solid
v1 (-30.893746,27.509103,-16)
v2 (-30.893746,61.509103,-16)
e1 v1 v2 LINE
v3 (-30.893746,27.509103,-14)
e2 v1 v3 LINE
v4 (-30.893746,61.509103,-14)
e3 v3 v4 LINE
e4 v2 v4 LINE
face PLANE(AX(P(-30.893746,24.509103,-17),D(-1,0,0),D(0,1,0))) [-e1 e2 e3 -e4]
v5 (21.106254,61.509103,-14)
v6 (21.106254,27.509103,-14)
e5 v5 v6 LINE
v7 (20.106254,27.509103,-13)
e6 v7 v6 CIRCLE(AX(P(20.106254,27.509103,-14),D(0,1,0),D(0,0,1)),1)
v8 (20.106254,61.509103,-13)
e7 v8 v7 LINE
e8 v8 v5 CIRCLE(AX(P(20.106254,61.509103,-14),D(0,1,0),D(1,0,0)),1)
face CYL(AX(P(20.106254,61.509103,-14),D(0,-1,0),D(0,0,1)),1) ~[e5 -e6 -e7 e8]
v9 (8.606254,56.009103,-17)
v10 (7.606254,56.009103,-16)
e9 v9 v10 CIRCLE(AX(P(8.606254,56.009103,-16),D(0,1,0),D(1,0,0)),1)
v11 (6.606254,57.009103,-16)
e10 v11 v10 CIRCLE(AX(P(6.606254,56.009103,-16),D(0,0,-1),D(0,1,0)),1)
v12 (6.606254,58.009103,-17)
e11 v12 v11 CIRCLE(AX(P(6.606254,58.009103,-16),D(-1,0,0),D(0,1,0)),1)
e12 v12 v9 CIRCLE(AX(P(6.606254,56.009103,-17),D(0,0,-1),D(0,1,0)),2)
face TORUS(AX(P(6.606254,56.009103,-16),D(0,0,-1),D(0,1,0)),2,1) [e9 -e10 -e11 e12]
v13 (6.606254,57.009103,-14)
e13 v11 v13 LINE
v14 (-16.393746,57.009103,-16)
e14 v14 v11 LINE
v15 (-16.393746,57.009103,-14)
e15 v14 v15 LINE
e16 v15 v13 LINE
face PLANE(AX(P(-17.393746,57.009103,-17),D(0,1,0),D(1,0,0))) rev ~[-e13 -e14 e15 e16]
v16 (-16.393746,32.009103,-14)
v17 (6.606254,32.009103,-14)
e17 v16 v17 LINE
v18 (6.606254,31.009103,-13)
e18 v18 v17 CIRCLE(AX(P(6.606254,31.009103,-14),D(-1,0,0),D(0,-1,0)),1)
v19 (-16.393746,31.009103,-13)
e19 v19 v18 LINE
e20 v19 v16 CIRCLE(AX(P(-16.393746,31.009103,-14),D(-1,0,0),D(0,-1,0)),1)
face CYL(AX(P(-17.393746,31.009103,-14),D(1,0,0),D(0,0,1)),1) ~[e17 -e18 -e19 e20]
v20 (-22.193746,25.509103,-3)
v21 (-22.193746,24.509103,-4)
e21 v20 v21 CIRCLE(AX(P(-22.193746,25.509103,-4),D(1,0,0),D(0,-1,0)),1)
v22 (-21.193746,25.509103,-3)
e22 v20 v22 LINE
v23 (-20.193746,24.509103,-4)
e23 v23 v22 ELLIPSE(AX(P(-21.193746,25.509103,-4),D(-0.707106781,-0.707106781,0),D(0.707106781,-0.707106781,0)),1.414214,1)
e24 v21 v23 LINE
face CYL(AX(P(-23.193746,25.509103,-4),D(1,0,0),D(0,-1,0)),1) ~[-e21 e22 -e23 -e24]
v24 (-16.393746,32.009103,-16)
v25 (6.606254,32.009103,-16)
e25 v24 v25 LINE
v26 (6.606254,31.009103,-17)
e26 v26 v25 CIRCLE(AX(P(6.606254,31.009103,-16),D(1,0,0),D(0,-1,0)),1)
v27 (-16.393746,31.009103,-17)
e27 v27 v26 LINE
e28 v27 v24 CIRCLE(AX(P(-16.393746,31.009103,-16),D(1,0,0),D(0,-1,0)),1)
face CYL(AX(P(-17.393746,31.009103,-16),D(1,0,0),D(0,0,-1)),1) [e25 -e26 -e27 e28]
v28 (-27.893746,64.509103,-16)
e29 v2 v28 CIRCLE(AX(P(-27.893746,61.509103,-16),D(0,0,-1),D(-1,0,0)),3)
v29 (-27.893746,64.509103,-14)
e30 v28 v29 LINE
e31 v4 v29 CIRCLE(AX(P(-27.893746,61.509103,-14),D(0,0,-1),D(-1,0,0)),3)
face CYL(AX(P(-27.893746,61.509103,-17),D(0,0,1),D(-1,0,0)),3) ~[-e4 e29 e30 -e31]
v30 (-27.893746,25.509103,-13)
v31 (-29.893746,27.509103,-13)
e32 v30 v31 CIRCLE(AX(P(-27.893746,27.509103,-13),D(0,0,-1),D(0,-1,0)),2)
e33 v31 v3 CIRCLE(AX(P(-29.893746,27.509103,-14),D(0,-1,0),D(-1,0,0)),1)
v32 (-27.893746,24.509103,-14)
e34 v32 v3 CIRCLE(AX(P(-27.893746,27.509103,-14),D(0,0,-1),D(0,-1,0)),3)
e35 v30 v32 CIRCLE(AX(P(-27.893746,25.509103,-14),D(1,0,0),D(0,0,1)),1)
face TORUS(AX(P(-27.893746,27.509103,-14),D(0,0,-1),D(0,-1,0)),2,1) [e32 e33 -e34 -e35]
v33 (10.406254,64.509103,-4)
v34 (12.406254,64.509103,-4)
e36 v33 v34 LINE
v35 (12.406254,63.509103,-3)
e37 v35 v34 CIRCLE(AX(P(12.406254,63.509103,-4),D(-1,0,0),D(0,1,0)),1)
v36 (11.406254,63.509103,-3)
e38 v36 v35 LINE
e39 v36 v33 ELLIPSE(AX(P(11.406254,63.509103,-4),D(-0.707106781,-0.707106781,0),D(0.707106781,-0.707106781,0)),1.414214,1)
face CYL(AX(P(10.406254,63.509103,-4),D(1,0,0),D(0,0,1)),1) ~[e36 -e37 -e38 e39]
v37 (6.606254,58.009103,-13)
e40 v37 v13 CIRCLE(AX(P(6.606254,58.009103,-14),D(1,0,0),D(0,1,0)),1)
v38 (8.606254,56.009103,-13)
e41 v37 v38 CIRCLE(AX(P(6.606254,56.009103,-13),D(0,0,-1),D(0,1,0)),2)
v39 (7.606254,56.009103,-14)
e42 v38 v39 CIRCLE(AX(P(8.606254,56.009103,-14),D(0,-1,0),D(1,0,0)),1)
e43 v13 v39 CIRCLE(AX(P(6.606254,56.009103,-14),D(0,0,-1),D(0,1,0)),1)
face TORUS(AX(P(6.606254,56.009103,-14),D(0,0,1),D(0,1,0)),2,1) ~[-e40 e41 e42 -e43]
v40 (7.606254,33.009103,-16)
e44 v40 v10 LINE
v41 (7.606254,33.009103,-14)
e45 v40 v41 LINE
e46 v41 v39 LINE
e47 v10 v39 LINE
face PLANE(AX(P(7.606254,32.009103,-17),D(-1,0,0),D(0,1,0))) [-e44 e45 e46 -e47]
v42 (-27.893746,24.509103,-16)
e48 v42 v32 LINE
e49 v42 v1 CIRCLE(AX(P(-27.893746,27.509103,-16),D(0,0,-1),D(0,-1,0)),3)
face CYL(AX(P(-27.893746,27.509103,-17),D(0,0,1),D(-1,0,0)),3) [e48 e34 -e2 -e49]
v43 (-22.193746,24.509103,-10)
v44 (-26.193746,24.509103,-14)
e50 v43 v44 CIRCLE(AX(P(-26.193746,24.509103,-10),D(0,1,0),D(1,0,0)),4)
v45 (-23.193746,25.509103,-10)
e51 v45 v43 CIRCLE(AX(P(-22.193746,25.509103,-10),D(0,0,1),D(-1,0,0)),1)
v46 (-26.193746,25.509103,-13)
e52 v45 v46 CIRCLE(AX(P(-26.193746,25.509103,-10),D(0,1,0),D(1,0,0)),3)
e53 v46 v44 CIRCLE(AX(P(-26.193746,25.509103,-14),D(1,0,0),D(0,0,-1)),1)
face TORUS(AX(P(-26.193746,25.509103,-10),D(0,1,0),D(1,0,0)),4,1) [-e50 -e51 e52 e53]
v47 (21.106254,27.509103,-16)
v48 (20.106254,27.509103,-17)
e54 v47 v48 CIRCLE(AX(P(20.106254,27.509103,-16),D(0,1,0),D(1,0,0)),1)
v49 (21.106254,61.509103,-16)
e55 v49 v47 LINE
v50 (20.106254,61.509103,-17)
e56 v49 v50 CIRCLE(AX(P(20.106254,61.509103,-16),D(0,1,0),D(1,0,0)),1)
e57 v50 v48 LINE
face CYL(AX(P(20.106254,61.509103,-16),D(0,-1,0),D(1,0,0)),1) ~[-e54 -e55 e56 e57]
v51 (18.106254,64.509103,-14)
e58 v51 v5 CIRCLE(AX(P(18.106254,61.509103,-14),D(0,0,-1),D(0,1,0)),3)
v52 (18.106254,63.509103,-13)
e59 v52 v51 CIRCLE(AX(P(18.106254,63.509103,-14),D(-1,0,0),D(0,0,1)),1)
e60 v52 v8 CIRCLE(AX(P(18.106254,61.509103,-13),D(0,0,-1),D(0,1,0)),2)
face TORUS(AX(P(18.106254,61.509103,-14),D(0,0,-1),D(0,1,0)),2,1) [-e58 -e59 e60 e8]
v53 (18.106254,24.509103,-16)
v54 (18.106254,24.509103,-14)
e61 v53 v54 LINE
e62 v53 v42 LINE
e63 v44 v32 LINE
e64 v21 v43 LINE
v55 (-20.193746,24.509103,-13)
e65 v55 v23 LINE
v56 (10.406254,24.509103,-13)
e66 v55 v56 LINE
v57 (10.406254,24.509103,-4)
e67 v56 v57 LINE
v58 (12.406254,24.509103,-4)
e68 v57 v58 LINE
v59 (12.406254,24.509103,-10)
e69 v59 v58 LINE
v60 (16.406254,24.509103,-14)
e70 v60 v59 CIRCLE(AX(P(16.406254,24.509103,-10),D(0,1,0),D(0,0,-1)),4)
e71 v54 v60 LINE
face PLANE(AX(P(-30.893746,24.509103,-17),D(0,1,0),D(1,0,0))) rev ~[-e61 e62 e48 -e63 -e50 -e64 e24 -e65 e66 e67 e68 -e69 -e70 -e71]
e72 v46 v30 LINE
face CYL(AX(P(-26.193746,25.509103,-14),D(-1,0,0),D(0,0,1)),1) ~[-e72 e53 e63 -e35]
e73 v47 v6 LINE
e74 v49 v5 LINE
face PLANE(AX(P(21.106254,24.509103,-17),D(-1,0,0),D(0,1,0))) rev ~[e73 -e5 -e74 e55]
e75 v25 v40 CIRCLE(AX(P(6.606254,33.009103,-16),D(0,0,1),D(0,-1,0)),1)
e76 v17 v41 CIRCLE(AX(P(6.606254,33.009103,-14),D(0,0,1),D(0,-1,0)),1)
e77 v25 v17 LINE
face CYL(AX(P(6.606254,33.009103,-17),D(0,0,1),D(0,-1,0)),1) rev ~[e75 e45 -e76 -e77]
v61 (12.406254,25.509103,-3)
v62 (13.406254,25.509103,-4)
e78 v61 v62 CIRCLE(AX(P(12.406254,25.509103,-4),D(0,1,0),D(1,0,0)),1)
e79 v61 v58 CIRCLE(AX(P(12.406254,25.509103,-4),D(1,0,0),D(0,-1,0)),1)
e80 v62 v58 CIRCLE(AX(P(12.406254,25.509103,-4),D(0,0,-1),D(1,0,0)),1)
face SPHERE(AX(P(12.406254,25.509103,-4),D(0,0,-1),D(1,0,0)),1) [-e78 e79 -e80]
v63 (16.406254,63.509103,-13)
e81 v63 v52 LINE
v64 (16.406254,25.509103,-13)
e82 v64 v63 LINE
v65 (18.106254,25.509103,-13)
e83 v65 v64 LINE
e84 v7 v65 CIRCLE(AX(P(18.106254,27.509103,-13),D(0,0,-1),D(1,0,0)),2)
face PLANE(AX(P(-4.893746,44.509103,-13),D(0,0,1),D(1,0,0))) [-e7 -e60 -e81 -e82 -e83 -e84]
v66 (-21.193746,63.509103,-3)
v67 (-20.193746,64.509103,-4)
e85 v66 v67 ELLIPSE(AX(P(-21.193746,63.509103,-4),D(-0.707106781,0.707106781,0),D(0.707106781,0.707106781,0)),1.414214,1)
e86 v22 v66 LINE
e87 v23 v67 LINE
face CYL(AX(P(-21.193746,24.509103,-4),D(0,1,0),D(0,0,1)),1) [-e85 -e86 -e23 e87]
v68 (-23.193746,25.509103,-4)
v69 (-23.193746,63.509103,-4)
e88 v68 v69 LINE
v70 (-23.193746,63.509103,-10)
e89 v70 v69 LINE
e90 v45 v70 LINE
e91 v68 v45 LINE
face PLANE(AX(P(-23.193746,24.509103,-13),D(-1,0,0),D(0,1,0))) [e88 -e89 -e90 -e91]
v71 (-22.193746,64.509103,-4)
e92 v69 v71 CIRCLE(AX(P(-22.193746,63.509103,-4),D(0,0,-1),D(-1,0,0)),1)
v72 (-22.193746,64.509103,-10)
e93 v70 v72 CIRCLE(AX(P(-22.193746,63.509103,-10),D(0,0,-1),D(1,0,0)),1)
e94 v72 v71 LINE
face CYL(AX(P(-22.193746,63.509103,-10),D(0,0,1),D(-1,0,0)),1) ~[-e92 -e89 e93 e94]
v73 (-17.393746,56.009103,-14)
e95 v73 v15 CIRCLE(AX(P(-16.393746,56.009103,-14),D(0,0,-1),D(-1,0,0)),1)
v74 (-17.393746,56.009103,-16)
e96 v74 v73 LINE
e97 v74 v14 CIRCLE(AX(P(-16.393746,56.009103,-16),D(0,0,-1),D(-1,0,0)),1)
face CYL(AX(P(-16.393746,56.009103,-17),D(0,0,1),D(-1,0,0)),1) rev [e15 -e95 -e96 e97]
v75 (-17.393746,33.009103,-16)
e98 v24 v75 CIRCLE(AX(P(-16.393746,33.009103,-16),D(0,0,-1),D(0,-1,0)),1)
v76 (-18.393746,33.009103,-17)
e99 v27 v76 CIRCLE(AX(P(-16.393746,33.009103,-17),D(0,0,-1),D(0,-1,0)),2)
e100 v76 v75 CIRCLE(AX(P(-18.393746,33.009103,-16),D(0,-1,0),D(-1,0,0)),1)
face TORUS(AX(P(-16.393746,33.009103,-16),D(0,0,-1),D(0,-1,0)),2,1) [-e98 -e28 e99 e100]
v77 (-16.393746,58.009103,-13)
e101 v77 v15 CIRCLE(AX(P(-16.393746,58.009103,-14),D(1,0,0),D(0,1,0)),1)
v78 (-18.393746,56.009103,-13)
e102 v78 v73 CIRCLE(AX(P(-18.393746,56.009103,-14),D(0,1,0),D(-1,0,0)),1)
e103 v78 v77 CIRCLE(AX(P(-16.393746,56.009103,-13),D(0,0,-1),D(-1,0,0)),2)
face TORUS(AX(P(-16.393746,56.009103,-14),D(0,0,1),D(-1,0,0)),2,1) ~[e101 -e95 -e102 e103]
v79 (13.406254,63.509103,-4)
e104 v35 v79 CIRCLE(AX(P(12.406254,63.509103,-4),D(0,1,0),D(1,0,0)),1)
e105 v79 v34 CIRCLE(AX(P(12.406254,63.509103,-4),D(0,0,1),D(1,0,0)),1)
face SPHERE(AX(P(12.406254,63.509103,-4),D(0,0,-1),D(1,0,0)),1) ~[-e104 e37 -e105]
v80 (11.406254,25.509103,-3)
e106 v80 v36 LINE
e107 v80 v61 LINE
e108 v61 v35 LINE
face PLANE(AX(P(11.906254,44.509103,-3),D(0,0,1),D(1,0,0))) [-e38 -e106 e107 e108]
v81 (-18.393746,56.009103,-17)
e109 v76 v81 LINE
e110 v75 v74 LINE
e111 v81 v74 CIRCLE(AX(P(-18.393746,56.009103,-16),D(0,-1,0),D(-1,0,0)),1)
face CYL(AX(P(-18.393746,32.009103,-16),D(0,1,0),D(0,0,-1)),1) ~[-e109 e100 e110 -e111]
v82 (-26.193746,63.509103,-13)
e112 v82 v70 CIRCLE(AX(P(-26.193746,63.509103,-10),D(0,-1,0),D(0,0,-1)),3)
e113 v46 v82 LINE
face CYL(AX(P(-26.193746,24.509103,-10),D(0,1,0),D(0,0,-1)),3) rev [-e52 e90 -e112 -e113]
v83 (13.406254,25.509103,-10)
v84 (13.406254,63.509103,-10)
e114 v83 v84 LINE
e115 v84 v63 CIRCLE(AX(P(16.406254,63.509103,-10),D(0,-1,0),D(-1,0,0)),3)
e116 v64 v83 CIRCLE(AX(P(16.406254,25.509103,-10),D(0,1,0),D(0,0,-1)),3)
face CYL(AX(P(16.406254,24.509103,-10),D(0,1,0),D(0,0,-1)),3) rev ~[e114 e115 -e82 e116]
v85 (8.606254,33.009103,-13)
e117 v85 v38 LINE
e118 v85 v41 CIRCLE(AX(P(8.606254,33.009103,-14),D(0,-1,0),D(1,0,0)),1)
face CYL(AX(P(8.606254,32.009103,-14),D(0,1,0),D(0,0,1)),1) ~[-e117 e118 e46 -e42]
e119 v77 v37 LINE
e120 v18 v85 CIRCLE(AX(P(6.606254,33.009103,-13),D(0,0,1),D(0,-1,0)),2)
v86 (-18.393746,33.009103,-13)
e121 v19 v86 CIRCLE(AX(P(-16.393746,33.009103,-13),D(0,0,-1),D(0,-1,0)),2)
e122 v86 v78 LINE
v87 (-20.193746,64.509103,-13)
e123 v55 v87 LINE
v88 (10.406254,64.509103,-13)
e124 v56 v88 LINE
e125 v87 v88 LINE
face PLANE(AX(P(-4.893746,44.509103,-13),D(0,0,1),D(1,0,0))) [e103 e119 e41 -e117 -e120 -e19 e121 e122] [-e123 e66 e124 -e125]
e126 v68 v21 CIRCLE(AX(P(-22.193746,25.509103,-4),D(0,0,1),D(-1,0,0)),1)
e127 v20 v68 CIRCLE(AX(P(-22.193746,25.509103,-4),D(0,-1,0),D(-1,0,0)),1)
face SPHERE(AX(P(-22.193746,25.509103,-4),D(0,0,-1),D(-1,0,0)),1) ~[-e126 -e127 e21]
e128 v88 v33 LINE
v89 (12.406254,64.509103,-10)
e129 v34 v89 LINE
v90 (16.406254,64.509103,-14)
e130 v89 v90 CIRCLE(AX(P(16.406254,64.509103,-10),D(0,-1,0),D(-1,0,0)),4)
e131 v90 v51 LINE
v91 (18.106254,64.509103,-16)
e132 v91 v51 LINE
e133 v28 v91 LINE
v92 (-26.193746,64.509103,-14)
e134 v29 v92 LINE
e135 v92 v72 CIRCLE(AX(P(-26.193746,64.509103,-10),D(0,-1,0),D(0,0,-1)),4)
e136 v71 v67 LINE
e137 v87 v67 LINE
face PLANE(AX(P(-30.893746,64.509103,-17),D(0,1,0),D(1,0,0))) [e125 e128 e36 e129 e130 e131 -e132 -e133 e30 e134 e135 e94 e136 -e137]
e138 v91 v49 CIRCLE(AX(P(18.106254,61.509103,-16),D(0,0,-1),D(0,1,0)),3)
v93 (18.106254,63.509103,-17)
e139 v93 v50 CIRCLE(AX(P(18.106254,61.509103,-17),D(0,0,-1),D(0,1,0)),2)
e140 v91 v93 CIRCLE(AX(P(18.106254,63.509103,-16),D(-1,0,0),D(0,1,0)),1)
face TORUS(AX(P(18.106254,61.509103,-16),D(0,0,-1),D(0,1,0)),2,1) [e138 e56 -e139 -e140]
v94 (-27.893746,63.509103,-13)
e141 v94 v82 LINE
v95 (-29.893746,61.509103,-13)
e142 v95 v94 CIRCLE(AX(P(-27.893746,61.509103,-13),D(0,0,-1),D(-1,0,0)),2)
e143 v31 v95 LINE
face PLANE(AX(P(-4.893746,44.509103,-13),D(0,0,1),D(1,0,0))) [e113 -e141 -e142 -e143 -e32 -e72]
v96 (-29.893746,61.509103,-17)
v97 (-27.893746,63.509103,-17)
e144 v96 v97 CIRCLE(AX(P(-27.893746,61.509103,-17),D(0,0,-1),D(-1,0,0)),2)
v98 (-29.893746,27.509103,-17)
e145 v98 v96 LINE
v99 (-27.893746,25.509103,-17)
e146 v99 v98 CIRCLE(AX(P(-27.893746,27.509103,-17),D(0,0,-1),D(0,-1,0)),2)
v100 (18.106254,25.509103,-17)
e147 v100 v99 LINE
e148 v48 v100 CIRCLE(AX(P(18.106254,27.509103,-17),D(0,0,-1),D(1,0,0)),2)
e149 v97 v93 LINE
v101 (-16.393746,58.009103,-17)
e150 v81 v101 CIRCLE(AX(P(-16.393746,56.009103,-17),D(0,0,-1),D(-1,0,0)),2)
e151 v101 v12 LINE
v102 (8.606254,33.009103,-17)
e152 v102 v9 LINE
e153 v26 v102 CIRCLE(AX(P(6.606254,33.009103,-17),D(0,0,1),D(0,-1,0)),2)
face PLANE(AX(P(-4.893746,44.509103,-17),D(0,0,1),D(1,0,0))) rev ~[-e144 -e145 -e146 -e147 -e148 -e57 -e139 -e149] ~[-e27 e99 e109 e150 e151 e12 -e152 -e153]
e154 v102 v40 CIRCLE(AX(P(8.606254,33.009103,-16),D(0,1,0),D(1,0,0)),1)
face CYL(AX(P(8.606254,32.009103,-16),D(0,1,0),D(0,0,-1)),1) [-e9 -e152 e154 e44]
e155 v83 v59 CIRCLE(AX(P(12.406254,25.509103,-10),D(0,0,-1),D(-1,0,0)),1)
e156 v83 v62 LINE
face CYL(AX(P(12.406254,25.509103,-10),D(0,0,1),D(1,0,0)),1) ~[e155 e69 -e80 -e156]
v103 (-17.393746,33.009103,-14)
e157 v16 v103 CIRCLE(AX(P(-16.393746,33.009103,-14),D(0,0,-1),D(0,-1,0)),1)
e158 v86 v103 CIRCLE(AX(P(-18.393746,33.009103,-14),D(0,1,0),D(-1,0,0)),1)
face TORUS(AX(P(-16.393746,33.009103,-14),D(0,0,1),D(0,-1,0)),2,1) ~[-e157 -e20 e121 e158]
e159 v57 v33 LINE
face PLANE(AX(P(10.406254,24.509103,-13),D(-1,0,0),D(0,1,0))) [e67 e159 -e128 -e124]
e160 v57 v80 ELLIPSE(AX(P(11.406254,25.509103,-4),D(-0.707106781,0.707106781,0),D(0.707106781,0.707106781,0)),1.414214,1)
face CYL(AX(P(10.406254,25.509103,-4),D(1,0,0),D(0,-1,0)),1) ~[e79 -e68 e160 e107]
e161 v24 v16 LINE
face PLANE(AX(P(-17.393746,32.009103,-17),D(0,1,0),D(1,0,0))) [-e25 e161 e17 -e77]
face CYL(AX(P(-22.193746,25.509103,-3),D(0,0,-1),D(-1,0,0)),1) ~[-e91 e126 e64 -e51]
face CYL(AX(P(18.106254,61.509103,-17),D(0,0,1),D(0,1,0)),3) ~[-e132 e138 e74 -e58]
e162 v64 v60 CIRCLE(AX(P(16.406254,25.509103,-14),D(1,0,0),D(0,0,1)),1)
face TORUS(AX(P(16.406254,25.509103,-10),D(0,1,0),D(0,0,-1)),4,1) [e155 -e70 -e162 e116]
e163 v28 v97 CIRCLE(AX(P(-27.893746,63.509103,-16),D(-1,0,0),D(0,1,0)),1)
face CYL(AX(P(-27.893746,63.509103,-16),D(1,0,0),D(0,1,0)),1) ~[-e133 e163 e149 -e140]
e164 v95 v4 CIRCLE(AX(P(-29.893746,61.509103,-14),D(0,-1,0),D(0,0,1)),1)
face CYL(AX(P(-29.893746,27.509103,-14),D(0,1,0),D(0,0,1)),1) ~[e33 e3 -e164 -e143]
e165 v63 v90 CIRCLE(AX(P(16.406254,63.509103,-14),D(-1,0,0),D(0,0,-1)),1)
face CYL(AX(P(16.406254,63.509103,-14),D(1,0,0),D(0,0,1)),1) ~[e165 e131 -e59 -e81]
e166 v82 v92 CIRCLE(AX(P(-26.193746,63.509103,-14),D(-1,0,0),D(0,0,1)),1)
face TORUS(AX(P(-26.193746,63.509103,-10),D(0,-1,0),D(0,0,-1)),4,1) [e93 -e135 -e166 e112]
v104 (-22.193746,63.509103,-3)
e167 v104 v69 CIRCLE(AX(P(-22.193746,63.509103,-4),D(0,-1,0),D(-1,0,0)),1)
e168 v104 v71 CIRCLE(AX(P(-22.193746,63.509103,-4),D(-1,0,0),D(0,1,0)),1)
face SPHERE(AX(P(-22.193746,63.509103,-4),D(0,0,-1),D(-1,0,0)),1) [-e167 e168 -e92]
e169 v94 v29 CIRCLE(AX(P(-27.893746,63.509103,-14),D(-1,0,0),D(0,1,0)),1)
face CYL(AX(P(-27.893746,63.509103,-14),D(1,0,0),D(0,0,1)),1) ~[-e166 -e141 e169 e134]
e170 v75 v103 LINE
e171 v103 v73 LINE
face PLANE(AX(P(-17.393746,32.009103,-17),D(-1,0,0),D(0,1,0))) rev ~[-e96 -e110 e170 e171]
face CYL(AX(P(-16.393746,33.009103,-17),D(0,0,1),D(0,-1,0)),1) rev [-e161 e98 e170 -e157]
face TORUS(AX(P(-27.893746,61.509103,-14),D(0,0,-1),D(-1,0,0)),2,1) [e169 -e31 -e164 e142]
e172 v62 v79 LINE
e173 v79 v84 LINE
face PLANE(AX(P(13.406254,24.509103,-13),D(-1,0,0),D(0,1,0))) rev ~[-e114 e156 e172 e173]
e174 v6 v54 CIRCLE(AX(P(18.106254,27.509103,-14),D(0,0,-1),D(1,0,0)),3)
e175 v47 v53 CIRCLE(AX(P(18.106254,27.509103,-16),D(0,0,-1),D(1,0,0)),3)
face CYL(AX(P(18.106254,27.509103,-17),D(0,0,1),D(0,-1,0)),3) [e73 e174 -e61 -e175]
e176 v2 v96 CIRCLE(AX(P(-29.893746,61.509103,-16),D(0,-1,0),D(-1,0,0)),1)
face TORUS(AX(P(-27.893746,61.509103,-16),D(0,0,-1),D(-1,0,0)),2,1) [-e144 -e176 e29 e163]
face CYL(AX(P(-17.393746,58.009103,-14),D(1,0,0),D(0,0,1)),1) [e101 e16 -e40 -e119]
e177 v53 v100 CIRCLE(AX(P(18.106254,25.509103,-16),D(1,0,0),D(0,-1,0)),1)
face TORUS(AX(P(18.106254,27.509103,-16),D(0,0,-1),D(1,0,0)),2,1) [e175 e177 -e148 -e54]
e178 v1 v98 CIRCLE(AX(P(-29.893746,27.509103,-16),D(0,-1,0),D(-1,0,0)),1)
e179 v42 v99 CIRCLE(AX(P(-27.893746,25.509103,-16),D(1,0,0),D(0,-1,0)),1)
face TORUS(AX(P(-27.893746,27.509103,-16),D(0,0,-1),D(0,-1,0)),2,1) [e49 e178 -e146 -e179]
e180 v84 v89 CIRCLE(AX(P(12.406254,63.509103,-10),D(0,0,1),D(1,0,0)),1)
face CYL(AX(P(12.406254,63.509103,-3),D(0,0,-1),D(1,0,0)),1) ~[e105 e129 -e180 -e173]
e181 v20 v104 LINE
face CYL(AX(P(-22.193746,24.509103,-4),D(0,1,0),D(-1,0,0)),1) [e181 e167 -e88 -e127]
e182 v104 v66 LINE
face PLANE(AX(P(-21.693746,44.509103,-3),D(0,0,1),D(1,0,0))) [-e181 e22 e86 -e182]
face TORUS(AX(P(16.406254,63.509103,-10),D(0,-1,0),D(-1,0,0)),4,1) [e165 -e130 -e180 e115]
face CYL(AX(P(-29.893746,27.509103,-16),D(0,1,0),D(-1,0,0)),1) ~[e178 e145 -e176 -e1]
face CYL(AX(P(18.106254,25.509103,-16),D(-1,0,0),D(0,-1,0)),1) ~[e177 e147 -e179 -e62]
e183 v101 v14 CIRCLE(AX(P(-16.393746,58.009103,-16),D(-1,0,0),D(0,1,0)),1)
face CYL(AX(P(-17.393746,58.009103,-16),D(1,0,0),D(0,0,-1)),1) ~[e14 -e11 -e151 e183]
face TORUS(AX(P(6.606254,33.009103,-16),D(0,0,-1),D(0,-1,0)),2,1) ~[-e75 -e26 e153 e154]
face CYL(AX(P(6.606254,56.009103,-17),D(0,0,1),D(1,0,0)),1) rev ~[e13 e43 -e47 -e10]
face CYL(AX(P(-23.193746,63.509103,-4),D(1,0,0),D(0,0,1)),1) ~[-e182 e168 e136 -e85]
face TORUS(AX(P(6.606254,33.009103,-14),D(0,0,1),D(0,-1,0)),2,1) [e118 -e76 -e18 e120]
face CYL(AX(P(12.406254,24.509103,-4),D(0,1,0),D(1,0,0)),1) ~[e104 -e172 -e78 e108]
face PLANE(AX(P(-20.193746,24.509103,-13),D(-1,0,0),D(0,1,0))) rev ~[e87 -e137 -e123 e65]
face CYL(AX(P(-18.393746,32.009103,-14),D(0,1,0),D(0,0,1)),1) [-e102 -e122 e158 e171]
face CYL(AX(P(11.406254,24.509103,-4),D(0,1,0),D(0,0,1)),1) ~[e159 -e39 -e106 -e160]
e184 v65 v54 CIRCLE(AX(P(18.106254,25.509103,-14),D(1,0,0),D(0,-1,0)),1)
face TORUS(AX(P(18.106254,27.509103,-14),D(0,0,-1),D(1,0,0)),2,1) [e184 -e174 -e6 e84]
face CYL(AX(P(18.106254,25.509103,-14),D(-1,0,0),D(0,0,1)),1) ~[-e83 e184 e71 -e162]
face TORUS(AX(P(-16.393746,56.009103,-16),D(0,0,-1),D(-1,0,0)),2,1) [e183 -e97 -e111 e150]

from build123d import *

# Parameters (mm, degrees)
SKETCH024_W   = 52
SKETCH024_H   = 40
SKETCH024_W_2 = 25
SKETCH024_H_2 = 25
PAD011_DEPTH  = 4
SKETCH025_W   = 3
SKETCH025_H   = 40
PAD012_DEPTH  = 10
FILLET010_R   = 3
FILLET011_R   = 3
FILLET012_R   = 1
FILLET013_R   = 1
FILLET014_R   = 1


with BuildPart() as part:
    # Sketch024 → Pad011 (new body)
    with BuildSketch(Plane.XY):
        with Locations((-4.893746, 41.509103)):
            Rectangle(SKETCH024_W, SKETCH024_H)
        with Locations((-4.893746, 41.509103)):
            Rectangle(SKETCH024_W_2, SKETCH024_H_2, mode=Mode.SUBTRACT)
    extrude(amount=PAD011_DEPTH)

    # Sketch025 → Pad012 (join)
    with BuildSketch(Plane.XY.offset(4)):
        with Locations((-21.693746, 41.509103)):
            Rectangle(SKETCH025_W, SKETCH025_H)
        with Locations((11.906254, 41.509103)):
            Rectangle(SKETCH025_W, SKETCH025_H)
    extrude(amount=PAD012_DEPTH)

    # Fillet010
    fillet010_edges = [part.edges().sort_by_distance(p)[0] for p in [
        (21.106254, 21.509103, 2),
        (21.106254, 61.509103, 2),
        (-30.893746, 61.509103, 2),
        (-30.893746, 21.509103, 2),
    ]]
    fillet(fillet010_edges, radius=FILLET010_R)

    # Fillet011
    fillet011_edges = [part.edges().sort_by_distance(p)[0] for p in [
        (-23.193746, 41.509103, 4),
        (13.406254, 41.509103, 4),
    ]]
    fillet(fillet011_edges, radius=FILLET011_R)

    # Fillet012
    fillet012_edges = [part.edges().sort_by_distance(p)[0] for p in [
        (-4.893746, 61.509103, 0),
    ]]
    fillet(fillet012_edges, radius=FILLET012_R)

    # Fillet013
    fillet013_edges = [part.edges().sort_by_distance(p)[0] for p in [
        (20.227575, 60.630424, 4),
        (13.406254, 41.509103, 14),
        (-24.072425, 61.509103, 4.87868),
        (-23.193746, 41.509103, 14),
        (11.906254, 61.509103, 14),
        (11.906254, 21.509103, 14),
        (-21.693746, 21.509103, 14),
        (-21.693746, 61.509103, 14),
        (-20.193746, 41.509103, 14),
        (10.406254, 41.509103, 14),
    ]]
    fillet(fillet013_edges, radius=FILLET013_R)

    # Fillet014
    fillet014_edges = [part.edges().sort_by_distance(p)[0] for p in [
        (7.606254, 29.009103, 2),
        (-17.393746, 29.009103, 2),
        (-4.893746, 29.009103, 0),
        (-4.893746, 29.009103, 4),
        (-17.393746, 54.009103, 2),
        (-17.393746, 41.509103, 0),
        (-17.393746, 41.509103, 4),
        (7.606254, 54.009103, 2),
        (-4.893746, 54.009103, 0),
        (-4.893746, 54.009103, 4),
        (7.606254, 41.509103, 0),
        (7.606254, 41.509103, 4),
    ]]
    fillet(fillet014_edges, radius=FILLET014_R)


with BuildPart() as part_1:
    # Body005 placement: moved
    add(part.part.moved(Location((0, 3, -17))))


solid = part_1.part
